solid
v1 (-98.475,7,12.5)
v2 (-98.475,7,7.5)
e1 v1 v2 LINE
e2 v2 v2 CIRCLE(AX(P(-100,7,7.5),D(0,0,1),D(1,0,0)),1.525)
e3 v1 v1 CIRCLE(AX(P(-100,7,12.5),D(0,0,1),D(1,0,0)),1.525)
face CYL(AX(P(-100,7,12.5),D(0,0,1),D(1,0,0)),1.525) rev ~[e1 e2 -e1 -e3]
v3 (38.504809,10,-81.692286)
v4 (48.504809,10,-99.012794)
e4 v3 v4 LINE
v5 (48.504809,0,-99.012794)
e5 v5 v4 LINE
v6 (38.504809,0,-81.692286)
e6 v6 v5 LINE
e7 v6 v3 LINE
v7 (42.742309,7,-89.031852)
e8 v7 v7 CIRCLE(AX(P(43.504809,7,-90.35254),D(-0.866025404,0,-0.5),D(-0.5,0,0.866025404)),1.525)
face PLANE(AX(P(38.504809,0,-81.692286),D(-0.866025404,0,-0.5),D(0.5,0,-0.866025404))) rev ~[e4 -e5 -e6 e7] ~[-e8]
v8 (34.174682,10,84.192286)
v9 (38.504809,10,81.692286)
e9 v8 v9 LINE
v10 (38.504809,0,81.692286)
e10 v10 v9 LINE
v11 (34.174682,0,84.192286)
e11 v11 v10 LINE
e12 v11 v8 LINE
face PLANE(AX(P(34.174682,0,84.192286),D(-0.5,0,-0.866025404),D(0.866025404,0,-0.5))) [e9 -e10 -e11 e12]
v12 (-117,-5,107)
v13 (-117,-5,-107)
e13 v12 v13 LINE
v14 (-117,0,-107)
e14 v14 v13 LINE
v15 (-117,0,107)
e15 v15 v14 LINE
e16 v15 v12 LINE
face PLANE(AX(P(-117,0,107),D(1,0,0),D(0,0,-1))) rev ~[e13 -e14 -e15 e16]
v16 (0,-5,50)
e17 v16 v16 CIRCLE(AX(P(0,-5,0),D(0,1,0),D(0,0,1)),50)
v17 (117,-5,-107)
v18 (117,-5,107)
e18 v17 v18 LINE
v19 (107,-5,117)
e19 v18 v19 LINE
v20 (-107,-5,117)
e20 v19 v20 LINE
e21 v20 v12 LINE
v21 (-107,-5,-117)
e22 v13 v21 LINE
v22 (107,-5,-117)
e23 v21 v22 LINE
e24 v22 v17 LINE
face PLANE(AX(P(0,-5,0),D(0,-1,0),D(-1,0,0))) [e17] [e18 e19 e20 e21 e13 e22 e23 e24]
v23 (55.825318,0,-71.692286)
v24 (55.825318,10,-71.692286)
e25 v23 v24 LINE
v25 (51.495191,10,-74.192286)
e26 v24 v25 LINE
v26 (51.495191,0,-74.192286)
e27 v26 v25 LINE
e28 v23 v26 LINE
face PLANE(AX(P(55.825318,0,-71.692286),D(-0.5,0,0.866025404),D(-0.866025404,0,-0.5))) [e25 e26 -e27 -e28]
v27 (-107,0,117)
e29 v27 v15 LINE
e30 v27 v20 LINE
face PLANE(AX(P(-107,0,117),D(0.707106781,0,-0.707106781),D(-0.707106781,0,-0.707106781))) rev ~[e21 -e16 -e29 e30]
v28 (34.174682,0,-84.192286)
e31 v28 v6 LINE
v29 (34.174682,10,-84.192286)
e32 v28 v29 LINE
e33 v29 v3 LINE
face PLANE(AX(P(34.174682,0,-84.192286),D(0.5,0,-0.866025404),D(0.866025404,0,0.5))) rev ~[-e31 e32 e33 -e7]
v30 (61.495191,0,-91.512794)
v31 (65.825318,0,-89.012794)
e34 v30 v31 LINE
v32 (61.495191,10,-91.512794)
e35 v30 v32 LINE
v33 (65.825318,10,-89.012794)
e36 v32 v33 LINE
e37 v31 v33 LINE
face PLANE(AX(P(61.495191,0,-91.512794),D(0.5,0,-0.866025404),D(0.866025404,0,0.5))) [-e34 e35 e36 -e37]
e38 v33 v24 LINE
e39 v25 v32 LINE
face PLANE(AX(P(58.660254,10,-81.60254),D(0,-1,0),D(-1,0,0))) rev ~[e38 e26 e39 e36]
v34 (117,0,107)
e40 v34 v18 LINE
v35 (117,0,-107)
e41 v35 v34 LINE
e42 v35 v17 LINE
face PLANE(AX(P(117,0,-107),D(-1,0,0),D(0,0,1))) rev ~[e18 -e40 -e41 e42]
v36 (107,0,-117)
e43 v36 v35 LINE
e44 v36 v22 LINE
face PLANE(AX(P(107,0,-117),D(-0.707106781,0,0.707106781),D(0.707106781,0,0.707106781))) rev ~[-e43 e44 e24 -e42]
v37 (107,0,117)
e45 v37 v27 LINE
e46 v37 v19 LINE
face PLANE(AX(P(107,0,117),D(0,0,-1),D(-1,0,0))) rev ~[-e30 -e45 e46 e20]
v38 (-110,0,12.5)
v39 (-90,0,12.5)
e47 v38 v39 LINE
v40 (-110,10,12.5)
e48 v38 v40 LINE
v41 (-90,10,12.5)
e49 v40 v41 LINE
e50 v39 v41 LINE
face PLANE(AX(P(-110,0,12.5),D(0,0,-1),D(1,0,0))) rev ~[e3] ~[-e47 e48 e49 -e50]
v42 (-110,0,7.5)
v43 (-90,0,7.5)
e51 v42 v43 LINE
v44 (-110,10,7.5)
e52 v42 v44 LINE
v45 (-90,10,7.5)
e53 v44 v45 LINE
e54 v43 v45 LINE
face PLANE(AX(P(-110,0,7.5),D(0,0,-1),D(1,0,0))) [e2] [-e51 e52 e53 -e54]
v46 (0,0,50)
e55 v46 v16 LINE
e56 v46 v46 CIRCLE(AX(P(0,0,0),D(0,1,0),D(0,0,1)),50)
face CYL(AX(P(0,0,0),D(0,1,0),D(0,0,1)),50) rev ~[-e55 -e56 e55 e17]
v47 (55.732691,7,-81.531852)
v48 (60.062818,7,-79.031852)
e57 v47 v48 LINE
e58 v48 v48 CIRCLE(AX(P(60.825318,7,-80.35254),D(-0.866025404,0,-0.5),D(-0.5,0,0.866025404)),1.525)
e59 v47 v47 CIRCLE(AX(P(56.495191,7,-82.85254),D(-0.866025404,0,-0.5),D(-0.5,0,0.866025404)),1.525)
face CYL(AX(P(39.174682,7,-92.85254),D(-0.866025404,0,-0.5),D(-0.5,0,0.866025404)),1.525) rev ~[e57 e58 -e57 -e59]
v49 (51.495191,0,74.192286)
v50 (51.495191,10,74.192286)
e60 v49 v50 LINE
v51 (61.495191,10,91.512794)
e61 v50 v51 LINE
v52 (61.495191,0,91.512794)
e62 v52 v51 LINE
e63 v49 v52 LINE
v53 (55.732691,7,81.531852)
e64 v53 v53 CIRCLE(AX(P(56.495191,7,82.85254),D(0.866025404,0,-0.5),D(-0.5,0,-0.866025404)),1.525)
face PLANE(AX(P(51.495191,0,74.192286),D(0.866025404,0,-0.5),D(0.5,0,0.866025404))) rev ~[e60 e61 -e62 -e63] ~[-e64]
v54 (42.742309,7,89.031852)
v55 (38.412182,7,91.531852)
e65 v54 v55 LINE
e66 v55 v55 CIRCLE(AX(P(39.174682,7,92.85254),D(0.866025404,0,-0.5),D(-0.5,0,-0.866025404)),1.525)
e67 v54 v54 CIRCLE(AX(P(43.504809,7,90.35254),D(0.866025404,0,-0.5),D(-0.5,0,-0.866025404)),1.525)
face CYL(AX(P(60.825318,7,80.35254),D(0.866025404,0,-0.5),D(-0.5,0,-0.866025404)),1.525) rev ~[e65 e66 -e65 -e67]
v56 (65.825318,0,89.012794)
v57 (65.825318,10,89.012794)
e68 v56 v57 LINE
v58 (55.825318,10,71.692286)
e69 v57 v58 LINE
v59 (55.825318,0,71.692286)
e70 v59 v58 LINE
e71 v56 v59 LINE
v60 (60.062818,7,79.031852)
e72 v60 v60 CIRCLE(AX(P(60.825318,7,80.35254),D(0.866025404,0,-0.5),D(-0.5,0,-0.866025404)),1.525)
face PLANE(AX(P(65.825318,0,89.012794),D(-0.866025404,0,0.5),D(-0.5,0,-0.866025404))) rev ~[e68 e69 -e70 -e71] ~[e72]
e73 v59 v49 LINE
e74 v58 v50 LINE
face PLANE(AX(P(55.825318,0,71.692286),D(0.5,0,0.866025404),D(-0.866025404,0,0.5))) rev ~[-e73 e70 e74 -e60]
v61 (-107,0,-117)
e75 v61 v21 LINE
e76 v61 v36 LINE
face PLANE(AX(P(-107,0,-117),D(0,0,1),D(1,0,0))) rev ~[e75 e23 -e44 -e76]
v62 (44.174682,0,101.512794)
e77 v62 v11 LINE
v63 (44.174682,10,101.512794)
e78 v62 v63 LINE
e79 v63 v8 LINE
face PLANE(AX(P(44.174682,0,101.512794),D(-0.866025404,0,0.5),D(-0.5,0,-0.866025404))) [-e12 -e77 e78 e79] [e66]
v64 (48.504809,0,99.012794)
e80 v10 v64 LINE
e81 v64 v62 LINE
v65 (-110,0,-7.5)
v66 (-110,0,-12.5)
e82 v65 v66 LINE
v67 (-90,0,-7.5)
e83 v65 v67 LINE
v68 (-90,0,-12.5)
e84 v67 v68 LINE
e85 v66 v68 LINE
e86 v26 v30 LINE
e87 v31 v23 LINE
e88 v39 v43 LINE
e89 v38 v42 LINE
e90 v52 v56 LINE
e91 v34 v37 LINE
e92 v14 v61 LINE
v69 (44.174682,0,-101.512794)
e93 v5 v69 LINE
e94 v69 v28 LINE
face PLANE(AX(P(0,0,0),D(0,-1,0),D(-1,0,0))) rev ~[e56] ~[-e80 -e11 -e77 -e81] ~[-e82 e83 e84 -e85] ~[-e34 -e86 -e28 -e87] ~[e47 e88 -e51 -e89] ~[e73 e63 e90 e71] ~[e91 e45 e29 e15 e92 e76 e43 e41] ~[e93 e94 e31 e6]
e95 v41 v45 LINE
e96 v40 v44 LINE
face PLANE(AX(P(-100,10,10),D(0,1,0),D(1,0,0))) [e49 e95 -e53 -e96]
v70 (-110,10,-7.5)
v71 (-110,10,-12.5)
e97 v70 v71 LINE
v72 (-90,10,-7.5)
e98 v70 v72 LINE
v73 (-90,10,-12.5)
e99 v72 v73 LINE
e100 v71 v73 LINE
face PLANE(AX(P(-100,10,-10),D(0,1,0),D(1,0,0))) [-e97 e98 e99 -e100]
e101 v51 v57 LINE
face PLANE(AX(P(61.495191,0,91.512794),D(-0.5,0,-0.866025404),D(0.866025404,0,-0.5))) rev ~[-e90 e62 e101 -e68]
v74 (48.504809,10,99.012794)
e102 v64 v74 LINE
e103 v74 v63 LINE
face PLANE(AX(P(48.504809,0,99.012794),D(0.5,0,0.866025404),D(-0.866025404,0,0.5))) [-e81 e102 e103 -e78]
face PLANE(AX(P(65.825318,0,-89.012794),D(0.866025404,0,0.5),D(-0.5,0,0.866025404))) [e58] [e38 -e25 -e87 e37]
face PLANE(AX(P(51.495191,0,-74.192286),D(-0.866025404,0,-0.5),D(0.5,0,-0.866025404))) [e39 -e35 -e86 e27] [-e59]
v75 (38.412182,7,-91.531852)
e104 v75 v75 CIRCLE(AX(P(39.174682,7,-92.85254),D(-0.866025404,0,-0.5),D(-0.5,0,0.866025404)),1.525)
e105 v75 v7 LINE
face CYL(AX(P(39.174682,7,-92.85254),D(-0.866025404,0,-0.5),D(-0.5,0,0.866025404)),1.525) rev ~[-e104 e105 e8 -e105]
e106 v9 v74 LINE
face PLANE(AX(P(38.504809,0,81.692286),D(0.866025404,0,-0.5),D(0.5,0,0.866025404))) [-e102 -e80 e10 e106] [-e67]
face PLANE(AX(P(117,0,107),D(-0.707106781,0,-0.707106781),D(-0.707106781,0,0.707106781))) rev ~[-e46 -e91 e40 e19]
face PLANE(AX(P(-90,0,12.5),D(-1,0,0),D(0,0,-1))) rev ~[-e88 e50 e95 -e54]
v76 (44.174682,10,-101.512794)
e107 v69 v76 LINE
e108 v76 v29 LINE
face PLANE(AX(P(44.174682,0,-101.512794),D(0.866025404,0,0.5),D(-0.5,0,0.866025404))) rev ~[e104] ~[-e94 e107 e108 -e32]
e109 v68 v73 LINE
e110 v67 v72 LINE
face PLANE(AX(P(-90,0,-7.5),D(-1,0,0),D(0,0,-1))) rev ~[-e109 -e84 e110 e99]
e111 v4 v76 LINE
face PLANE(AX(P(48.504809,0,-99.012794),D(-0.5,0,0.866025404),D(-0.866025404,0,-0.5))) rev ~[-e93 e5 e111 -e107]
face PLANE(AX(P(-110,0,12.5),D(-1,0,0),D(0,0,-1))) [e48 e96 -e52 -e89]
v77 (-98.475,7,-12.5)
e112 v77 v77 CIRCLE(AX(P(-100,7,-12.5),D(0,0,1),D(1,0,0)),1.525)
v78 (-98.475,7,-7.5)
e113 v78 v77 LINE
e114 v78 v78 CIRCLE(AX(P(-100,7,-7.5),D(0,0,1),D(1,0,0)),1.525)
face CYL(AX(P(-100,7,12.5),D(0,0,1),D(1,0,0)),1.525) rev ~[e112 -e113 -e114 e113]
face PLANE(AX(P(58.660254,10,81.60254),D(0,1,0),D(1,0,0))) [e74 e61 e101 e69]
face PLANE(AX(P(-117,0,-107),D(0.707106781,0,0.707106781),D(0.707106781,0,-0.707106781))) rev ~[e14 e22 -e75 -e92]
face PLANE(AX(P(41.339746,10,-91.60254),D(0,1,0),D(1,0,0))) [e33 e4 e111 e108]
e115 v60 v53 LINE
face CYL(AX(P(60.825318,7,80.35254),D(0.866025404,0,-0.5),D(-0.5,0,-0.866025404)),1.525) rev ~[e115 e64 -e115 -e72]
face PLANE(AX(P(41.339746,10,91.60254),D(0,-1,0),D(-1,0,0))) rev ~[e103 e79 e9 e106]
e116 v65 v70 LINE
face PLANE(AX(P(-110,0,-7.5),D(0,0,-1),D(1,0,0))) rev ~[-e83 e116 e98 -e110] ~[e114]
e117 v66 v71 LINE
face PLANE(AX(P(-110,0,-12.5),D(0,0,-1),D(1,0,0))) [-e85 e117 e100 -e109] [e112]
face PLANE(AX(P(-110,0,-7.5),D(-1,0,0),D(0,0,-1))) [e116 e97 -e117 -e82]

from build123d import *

# Parameters (mm, degrees)
BOSS_EXTRUDE1_DEPTH   = 10
BOSS_EXTRUDE1_2_DEPTH = 10
BOSS_EXTRUDE1_3_DEPTH = 10
BOSS_EXTRUDE1_4_DEPTH = 10
SKETCH1_W             = 20
SKETCH1_H             = 5
BOSS_EXTRUDE1_5_DEPTH = 10
BOSS_EXTRUDE1_6_DEPTH = 10
SKETCH2_R             = 50
BOSS_EXTRUDE2_DEPTH   = 5
SKETCH3_R             = 1.525
CUT_EXTRUDE1_DEPTH    = 30
SKETCH4_R             = 1.525
CUT_EXTRUDE2_DEPTH    = 30
SKETCH5_R             = 1.525
CUT_EXTRUDE3_DEPTH    = 30


with BuildPart() as part:
    # Sketch1 → Boss-Extrude1 (new body)
    with BuildSketch(Plane(origin=(0, 0, 0), x_dir=(1, 0, 0), z_dir=(0, 1, 0))):
        Polygon((44.174682453, 101.512794416), (34.174682453, 84.192286341), (38.504809472, 81.692286341), (48.504809472, 99.012794416), align=None)
    extrude(amount=BOSS_EXTRUDE1_DEPTH)



with BuildPart() as body_2:
    # Sketch1 → Boss-Extrude1 2 (new body)
    with BuildSketch(Plane(origin=(0, 0, 0), x_dir=(1, 0, 0), z_dir=(0, 1, 0))):
        Polygon((61.495190528, 91.512794416), (65.825317547, 89.012794416), (55.825317547, 71.692286341), (51.495190528, 74.192286341), align=None)
    extrude(amount=BOSS_EXTRUDE1_2_DEPTH)


with BuildPart() as body_3:
    # Sketch1 → Boss-Extrude1 3 (new body)
    with BuildSketch(Plane(origin=(0, 0, 0), x_dir=(1, 0, 0), z_dir=(0, 1, 0))):
        Polygon((65.825317547, -89.012794416), (55.825317547, -71.692286341), (51.495190528, -74.192286341), (61.495190528, -91.512794416), align=None)
    extrude(amount=BOSS_EXTRUDE1_3_DEPTH)


with BuildPart() as body_4:
    # Sketch1 → Boss-Extrude1 4 (new body)
    with BuildSketch(Plane(origin=(0, 0, 0), x_dir=(1, 0, 0), z_dir=(0, 1, 0))):
        Polygon((48.504809472, -99.012794416), (44.174682453, -101.512794416), (34.174682453, -84.192286341), (38.504809472, -81.692286341), align=None)
    extrude(amount=BOSS_EXTRUDE1_4_DEPTH)


with BuildPart() as body_5:
    # Sketch1 → Boss-Extrude1 5 (new body)
    with BuildSketch(Plane(origin=(0, 0, 0), x_dir=(1, 0, 0), z_dir=(0, 1, 0))):
        with Locations((-100, -10)):
            Rectangle(SKETCH1_W, SKETCH1_H)
    extrude(amount=BOSS_EXTRUDE1_5_DEPTH)


with BuildPart() as body_6:
    # Sketch1 → Boss-Extrude1 6 (new body)
    with BuildSketch(Plane(origin=(0, 0, 0), x_dir=(1, 0, 0), z_dir=(0, 1, 0))):
        with Locations((-100, 10)):
            Rectangle(SKETCH1_W, SKETCH1_H)
    extrude(amount=BOSS_EXTRUDE1_6_DEPTH)


with BuildPart() as part_1:
    add(part.part)

    add(body_2.part)  # Boss-Extrude2 merges body 2

    add(body_3.part)  # Boss-Extrude2 merges body 3

    add(body_4.part)  # Boss-Extrude2 merges body 4

    add(body_5.part)  # Boss-Extrude2 merges body 5

    add(body_6.part)  # Boss-Extrude2 merges body 6
    # Sketch2 → Boss-Extrude2 (add)
    with BuildSketch(Plane(origin=(0, 0, 0), x_dir=(1, 0, 0), z_dir=(0, 1, 0))):
        Polygon((-117, 107), (-107, 117), (107, 117), (117, 107), (117, -107), (107, -117), (-107, -117), (-117, -107), align=None)
        with Locations(Location((0, 0, 0), (0, 0, 270))):
            Circle(SKETCH2_R, mode=Mode.SUBTRACT)
    extrude(amount=-BOSS_EXTRUDE2_DEPTH)

    # Sketch3 → Cut-Extrude1 (cut)
    with BuildSketch(Plane.XY.offset(12.5)):
        with Locations((-100, 7)):
            Circle(SKETCH3_R)
    extrude(amount=-CUT_EXTRUDE1_DEPTH, mode=Mode.SUBTRACT)

    # Sketch4 → Cut-Extrude2 (cut)
    with BuildSketch(Plane(origin=(10.825317547, 0, -6.25), x_dir=(-0.5000000000000004, 0, -0.8660254037844385), z_dir=(0.8660254037844384, 0, -0.5000000000000003))):
        with Locations((-100, 7)):
            Circle(SKETCH4_R)
    extrude(amount=-CUT_EXTRUDE2_DEPTH, mode=Mode.SUBTRACT)

    # Sketch5 → Cut-Extrude3 (cut)
    with BuildSketch(Plane(origin=(-10.825317547, 0, -6.25), x_dir=(-0.5000000000000001, 0, 0.8660254037844386), z_dir=(-0.8660254037844386, 0, -0.5000000000000001))):
        with Locations((-100, 7)):
            Circle(SKETCH5_R)
    extrude(amount=-CUT_EXTRUDE3_DEPTH, mode=Mode.SUBTRACT)


solid = part_1.part
